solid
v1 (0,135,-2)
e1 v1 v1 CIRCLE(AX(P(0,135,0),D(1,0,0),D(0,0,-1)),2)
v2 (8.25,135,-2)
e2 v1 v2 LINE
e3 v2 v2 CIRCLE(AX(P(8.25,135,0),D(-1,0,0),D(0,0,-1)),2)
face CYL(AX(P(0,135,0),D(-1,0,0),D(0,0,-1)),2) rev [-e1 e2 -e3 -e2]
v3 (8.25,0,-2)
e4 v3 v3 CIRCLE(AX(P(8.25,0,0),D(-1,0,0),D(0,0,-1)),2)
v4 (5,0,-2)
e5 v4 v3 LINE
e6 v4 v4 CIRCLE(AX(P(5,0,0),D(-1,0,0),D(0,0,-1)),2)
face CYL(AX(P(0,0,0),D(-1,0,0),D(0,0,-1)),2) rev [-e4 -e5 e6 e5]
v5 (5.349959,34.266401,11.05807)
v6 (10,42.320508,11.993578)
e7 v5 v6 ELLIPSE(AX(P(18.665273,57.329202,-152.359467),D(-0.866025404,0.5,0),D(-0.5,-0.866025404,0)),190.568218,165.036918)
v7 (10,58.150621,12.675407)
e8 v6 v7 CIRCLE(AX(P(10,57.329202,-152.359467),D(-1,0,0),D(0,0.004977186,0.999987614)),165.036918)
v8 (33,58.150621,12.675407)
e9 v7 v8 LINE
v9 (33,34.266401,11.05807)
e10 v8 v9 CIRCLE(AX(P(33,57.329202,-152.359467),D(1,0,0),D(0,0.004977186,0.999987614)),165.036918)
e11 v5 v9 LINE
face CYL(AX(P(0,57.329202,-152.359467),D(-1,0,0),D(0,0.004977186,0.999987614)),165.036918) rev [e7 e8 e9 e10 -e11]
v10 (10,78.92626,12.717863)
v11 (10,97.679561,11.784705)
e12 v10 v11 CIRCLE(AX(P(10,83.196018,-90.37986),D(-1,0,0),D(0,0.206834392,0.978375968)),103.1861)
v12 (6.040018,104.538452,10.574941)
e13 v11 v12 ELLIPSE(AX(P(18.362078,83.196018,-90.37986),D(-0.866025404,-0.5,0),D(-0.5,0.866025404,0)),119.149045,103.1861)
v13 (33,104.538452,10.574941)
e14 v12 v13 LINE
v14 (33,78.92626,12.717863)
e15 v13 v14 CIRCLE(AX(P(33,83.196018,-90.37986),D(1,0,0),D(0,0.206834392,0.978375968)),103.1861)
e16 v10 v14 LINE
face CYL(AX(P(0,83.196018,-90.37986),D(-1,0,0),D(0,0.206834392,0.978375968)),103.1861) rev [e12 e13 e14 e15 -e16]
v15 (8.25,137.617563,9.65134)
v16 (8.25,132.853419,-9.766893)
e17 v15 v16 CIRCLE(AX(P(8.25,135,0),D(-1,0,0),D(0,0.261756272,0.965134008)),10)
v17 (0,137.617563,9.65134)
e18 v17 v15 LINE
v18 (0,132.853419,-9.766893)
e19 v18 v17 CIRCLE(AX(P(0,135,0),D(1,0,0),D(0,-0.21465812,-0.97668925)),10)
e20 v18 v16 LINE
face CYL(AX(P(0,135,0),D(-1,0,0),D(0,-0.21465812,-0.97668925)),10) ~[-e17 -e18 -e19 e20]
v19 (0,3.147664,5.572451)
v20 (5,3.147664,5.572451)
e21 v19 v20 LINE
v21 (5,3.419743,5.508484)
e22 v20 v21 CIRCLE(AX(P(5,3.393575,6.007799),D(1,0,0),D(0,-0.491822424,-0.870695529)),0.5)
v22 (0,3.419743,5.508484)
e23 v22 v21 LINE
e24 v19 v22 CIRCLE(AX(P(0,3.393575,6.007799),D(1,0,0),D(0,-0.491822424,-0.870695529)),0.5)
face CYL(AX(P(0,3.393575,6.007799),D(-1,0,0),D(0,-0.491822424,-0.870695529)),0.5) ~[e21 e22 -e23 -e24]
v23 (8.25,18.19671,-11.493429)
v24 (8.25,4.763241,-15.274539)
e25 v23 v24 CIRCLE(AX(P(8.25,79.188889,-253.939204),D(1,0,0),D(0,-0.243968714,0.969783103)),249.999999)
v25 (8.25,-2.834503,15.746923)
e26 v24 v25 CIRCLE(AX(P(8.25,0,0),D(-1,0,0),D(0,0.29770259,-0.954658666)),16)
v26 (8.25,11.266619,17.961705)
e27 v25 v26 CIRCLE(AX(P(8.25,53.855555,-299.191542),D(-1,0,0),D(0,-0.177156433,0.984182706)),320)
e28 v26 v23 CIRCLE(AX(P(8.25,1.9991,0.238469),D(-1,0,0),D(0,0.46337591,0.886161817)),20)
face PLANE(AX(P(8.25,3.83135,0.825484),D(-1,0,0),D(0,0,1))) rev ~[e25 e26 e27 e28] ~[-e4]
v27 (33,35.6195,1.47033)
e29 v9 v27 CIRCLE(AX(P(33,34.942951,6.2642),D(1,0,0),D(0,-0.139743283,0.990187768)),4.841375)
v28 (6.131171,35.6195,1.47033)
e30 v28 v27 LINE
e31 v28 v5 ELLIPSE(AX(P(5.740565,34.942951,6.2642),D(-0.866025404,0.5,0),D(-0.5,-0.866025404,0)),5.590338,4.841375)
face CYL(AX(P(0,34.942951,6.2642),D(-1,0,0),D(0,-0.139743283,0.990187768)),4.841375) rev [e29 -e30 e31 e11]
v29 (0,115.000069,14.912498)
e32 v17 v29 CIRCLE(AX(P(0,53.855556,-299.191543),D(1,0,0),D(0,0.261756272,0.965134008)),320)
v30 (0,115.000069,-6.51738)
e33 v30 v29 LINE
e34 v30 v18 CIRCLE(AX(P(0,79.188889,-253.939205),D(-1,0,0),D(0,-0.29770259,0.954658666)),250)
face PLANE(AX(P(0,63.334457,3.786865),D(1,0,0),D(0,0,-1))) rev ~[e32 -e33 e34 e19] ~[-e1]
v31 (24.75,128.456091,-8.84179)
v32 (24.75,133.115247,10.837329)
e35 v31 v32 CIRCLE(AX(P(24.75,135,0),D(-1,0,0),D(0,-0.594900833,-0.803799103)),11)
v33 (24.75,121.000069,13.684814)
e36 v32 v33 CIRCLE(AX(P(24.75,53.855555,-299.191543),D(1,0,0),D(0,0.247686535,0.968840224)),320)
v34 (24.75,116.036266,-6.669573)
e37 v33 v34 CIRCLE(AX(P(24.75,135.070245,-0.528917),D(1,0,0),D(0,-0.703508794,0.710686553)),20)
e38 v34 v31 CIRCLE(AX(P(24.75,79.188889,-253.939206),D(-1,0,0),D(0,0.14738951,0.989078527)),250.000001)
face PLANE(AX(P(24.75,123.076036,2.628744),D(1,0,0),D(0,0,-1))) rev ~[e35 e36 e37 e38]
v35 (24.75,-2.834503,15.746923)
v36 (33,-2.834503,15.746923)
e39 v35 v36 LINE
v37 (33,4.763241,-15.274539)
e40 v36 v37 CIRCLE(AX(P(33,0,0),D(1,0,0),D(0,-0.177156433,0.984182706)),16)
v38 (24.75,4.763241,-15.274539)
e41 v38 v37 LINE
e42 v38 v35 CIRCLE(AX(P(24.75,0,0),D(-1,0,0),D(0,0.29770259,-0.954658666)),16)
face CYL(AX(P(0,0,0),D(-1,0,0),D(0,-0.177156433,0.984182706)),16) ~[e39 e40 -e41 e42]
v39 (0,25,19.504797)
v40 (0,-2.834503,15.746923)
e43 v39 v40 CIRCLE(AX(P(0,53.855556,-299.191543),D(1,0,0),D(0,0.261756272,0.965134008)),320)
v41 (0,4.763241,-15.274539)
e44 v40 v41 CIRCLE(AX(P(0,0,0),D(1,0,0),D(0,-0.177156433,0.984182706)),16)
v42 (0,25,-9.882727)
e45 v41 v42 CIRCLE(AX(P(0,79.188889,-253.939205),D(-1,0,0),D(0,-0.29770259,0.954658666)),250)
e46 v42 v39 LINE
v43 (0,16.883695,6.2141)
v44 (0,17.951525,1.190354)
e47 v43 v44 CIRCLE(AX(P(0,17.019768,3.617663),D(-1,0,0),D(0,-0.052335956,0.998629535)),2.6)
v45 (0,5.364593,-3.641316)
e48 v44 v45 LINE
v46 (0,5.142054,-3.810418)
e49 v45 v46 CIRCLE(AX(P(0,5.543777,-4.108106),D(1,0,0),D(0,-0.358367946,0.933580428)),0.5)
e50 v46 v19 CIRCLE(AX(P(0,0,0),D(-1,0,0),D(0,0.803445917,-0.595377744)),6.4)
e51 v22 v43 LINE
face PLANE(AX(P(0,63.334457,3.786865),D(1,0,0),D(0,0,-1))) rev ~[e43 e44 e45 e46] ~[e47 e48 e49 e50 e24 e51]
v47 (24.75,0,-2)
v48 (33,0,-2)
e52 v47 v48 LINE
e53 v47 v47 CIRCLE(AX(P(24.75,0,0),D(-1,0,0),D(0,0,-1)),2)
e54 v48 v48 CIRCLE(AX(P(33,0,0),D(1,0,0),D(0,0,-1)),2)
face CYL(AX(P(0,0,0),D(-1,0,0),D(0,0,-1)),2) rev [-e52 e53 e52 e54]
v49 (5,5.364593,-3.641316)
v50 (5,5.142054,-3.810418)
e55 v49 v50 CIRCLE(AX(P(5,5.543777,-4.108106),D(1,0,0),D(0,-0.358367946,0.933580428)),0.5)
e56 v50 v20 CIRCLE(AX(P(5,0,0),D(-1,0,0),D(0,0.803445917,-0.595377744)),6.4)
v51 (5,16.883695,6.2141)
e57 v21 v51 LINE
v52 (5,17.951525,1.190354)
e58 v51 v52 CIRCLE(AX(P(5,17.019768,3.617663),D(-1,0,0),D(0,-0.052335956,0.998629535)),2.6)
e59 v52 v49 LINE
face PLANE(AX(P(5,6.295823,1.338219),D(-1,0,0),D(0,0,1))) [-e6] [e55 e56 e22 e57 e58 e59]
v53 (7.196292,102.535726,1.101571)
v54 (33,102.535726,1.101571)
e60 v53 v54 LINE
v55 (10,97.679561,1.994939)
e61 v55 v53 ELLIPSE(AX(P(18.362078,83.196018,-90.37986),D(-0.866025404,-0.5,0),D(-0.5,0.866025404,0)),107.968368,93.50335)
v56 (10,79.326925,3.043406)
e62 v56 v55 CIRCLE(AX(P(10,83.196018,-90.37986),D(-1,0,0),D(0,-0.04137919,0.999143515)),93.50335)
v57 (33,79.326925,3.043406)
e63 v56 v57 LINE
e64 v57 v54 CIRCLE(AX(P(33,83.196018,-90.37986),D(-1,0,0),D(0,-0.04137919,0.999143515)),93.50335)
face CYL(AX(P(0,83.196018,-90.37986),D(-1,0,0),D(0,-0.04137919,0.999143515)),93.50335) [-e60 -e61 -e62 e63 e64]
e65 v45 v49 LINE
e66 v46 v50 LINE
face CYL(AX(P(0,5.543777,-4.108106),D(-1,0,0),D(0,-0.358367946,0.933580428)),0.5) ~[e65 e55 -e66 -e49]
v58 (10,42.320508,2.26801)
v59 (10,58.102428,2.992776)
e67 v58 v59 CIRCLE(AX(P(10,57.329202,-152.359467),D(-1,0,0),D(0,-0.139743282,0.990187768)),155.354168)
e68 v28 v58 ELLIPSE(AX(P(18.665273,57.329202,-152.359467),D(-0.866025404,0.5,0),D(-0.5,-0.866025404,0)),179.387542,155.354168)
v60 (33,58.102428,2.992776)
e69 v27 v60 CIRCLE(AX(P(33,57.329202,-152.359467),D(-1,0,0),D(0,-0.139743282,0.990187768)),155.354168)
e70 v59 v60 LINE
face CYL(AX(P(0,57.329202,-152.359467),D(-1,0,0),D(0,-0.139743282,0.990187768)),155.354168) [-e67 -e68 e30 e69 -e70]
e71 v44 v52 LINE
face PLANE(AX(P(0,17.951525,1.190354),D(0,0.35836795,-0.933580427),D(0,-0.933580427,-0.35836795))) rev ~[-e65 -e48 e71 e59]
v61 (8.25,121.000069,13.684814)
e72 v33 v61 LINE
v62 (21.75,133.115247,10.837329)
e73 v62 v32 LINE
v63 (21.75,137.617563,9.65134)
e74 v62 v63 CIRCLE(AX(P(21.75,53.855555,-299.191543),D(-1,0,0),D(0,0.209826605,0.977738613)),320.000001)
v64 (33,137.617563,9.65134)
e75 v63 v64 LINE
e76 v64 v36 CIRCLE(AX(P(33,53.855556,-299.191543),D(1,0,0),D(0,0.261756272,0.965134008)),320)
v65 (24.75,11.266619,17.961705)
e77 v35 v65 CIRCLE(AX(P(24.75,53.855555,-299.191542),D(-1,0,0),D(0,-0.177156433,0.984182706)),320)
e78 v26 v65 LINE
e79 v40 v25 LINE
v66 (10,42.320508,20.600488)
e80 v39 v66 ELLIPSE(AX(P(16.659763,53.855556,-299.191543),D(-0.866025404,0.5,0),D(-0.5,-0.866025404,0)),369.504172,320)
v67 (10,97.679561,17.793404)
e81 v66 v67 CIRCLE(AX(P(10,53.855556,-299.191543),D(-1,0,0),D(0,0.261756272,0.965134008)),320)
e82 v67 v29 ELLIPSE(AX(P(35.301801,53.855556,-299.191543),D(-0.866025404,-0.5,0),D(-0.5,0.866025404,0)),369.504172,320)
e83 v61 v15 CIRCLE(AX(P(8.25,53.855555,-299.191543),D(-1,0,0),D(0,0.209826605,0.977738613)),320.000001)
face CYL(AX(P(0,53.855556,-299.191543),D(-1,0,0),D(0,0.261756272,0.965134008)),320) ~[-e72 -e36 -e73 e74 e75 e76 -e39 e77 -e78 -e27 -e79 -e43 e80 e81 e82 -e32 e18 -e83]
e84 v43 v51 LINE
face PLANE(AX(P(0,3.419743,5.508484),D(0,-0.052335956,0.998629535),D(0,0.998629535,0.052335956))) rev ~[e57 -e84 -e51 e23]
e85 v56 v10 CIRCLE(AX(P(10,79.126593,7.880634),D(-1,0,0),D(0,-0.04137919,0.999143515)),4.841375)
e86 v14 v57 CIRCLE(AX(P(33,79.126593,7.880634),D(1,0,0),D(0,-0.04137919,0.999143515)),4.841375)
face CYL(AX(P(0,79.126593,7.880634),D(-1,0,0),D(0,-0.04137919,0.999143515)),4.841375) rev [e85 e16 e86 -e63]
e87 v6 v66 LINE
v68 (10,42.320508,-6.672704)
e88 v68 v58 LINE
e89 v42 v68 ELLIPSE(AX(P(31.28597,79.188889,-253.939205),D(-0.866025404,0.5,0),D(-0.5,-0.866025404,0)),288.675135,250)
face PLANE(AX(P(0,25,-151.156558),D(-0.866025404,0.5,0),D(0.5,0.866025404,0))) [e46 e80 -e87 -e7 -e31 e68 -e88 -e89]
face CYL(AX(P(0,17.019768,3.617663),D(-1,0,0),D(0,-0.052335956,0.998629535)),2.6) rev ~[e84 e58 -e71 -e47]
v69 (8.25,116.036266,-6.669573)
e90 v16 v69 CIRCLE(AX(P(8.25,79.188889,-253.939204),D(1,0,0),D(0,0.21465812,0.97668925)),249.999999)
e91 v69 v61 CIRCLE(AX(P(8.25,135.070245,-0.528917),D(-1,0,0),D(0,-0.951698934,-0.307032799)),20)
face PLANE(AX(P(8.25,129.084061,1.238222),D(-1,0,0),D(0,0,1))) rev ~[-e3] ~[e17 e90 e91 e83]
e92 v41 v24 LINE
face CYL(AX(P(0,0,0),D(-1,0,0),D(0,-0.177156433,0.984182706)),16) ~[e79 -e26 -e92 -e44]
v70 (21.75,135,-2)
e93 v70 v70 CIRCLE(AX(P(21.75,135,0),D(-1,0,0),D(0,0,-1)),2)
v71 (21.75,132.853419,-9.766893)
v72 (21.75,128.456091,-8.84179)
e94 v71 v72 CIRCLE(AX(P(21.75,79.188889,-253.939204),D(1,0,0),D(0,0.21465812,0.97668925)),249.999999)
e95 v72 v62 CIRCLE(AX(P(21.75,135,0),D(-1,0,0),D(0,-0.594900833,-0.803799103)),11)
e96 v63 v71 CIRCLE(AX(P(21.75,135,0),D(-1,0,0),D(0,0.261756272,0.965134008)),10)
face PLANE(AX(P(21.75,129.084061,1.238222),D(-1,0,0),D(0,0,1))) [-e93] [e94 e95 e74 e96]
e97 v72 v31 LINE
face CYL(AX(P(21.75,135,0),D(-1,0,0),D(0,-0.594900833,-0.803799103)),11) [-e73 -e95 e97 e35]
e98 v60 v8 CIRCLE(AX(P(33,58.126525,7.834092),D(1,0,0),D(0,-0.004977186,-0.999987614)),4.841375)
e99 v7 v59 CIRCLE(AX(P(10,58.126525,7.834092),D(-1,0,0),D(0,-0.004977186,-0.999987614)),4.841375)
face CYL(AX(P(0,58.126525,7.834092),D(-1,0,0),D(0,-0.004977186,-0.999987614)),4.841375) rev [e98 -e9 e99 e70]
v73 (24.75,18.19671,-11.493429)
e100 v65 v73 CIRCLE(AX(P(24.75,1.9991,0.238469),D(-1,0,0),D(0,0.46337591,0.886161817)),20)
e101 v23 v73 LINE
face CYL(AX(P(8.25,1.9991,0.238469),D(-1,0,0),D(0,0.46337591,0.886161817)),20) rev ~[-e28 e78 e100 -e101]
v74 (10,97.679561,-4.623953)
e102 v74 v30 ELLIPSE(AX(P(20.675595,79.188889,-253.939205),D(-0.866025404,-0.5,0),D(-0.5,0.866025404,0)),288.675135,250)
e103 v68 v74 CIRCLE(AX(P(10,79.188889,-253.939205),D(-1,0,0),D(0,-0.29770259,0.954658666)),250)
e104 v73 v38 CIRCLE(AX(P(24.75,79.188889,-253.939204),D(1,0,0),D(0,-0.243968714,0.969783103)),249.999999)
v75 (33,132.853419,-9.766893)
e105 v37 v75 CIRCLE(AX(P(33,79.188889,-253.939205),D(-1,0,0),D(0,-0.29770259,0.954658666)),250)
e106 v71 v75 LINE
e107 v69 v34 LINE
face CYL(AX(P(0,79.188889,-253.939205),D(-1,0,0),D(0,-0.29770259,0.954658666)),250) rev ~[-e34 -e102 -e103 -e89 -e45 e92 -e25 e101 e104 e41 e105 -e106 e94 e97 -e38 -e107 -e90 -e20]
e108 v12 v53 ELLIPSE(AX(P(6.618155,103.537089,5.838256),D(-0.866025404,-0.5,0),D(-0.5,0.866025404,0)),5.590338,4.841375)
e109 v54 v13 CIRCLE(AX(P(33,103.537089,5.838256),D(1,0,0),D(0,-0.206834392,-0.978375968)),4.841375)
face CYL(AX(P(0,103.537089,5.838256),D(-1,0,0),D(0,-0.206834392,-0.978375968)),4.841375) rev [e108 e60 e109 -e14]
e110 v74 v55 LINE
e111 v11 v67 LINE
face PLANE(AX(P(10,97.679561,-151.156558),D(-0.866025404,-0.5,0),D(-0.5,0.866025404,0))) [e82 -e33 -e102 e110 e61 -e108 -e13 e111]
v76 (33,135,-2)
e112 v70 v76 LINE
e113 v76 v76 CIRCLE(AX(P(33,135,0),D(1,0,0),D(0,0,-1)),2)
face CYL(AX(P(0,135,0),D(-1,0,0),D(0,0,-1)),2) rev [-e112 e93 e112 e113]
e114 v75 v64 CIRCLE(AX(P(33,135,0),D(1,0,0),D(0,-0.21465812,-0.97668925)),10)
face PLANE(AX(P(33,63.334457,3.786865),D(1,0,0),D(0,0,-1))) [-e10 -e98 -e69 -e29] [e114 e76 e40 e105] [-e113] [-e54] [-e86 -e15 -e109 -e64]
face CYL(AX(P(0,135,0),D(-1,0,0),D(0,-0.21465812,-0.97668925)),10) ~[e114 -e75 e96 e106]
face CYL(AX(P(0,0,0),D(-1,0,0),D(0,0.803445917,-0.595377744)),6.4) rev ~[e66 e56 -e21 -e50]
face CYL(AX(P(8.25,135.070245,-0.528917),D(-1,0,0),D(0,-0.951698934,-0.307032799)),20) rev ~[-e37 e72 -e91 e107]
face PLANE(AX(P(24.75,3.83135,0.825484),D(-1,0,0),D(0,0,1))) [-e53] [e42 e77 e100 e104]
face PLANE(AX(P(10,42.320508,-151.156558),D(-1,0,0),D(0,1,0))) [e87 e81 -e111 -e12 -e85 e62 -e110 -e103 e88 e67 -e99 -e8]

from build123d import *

# Parameters (mm, degrees)
SKETCH1_R               = 2
BOSS_EXTRUDE1_DEPTH     = 33
CUT_EXTRUDE1_DEPTH      = 13.5
CUT_EXTRUDE2_DEPTH      = 16.5
SKETCH4_R               = 2
CUT_EXTRUDE3_DEPTH      = 5
CUT_EXTRUDE4_DEPTH      = 3
CUT_EXTRUDE5_DEPTH      = 151.15655797
CUT_EXTRUDE5_DEPTH_BACK = 151.15655797


with BuildPart() as part:
    # Sketch1 → Boss-Extrude1 (new body)
    with BuildSketch(Plane(origin=(0, 0, 0), x_dir=(0, 0, -1), z_dir=(1, 0, 0))):
        with BuildLine():
            ThreePointArc((-15.746923292, -2.834502924), (3.806207647, -15.54068156), (15.274538651, 4.763241437))
            ThreePointArc((15.274538651, 4.763241437), (4.169990688, 68.449264041), (9.766892503, 132.853418803))
            ThreePointArc((9.766892503, 132.853418803), (2.382772527, 144.71197174), (-9.651340082, 137.617562724))
            ThreePointArc((-9.651340082, 137.617562724), (-20.507516508, 67.730411775), (-15.746923292, -2.834502924))
        make_face()
        with Locations((0, 135)):
            Circle(SKETCH1_R, mode=Mode.SUBTRACT)
        Circle(SKETCH1_R, mode=Mode.SUBTRACT)
        with BuildLine():
            ThreePointArc((-12.675406771, 58.150621112), (-12.300365948, 46.179147672), (-11.058070356, 34.266400985))
            ThreePointArc((-11.058070356, 34.266400985), (-5.587650283, 30.149080215), (-1.470329513, 35.619500288))
            ThreePointArc((-1.470329513, 35.619500288), (-2.639739364, 46.833323654), (-2.992776465, 58.102428263))
            ThreePointArc((-2.992776465, 58.102428263), (-7.809995194, 62.967839841), (-12.675406771, 58.150621112))
        make_face(mode=Mode.SUBTRACT)
        with BuildLine():
            ThreePointArc((-10.574940666, 104.538451831), (-12.44695641, 91.799336957), (-12.717862815, 78.926260385))
            ThreePointArc((-12.717862815, 78.926260385), (-7.68030208, 74.289364014), (-3.04340571, 79.326924749))
            ThreePointArc((-3.04340571, 79.326924749), (-2.79792055, 90.992020929), (-1.101570529, 102.535726074))
            ThreePointArc((-1.101570529, 102.535726074), (-4.836892719, 108.273774021), (-10.574940666, 104.538451831))
        make_face(mode=Mode.SUBTRACT)
    extrude(amount=BOSS_EXTRUDE1_DEPTH)

    # Sketch2 → Cut-Extrude1 (cut)
    with BuildSketch(Plane.ZY.offset(-8.25)):
        with BuildLine():
            ThreePointArc((9.651340082, 137.617562724), (-2.382772527, 144.71197174), (-9.766892503, 132.853418803))
            ThreePointArc((-9.766892503, 132.853418803), (-8.074404211, 124.471332441), (-6.669573364, 116.036266424))
            ThreePointArc((-6.669573364, 116.036266424), (4.209591857, 115.639688485), (13.684813674, 121.000069207))
            ThreePointArc((13.684813674, 121.000069207), (11.779096359, 129.335763119), (9.651340082, 137.617562724))
        make_face()
    extrude(amount=-CUT_EXTRUDE1_DEPTH, mode=Mode.SUBTRACT)

    # Sketch3 → Cut-Extrude2 (cut)
    with BuildSketch(Plane.ZY.offset(-8.25)):
        with BuildLine():
            ThreePointArc((15.746923292, -2.834502924), (16.932948663, 4.203707123), (17.961705011, 11.266618507))
            ThreePointArc((17.961705011, 11.266618507), (4.818924594, 21.467521501), (-11.493429399, 18.196710256))
            ThreePointArc((-11.493429399, 18.196710256), (-13.290230642, 11.453587146), (-15.274538651, 4.763241437))
            ThreePointArc((-15.274538651, 4.763241437), (-3.806207647, -15.54068156), (15.746923292, -2.834502924))
        make_face()
    extrude(amount=-CUT_EXTRUDE2_DEPTH, mode=Mode.SUBTRACT)

    # Sketch4 → Cut-Extrude3 (cut)
    with BuildSketch(Plane.ZY):
        with BuildLine():
            Line((5.508484382, 3.419742698), (6.214100211, 16.883694767))
            ThreePointArc((6.214100211, 16.883694767), (4.158233816, 19.562952015), (1.190354311, 17.951524922))
            Line((1.190354311, 17.951524922), (-3.641316221, 5.364592854))
            ThreePointArc((-3.641316221, 5.364592854), (-3.710000961, 5.241267271), (-3.810417562, 5.14205387))
            ThreePointArc((-3.810417562, 5.14205387), (-1.330634821, -6.260144645), (5.572451385, 3.147663508))
            ThreePointArc((5.572451385, 3.147663508), (5.521069981, 3.279142571), (5.508484382, 3.419742698))
        make_face()
        Circle(SKETCH4_R, mode=Mode.SUBTRACT)
    extrude(amount=-CUT_EXTRUDE3_DEPTH, mode=Mode.SUBTRACT)

    # Sketch6 → Cut-Extrude4 (cut)
    with BuildSketch(Plane.ZY.offset(-21.75)):
        with BuildLine():
            ThreePointArc((-6.669573364, 116.036266424), (-7.677372534, 122.259874843), (-8.841790135, 128.456090831))
            ThreePointArc((-8.841790135, 128.456090831), (2.534260756, 124.295910948), (10.837329247, 133.115246758))
            ThreePointArc((10.837329247, 133.115246758), (12.319974341, 127.07150219), (13.684813674, 121.000069207))
            ThreePointArc((13.684813674, 121.000069207), (4.209591857, 115.639688485), (-6.669573364, 116.036266424))
        make_face()
    extrude(amount=-CUT_EXTRUDE4_DEPTH, mode=Mode.SUBTRACT)

    # Sketch8 → Cut-Extrude5 (cut, two sides: drawn at the far end of the back side and taken through both)
    with BuildSketch(Plane.XY.offset(-CUT_EXTRUDE5_DEPTH_BACK)):
        Polygon((0, 115.000069207), (0, 25), (10, 42.320508076), (10, 97.679561131), align=None)
    extrude(amount=CUT_EXTRUDE5_DEPTH + CUT_EXTRUDE5_DEPTH_BACK, mode=Mode.SUBTRACT)


solid = part.part
